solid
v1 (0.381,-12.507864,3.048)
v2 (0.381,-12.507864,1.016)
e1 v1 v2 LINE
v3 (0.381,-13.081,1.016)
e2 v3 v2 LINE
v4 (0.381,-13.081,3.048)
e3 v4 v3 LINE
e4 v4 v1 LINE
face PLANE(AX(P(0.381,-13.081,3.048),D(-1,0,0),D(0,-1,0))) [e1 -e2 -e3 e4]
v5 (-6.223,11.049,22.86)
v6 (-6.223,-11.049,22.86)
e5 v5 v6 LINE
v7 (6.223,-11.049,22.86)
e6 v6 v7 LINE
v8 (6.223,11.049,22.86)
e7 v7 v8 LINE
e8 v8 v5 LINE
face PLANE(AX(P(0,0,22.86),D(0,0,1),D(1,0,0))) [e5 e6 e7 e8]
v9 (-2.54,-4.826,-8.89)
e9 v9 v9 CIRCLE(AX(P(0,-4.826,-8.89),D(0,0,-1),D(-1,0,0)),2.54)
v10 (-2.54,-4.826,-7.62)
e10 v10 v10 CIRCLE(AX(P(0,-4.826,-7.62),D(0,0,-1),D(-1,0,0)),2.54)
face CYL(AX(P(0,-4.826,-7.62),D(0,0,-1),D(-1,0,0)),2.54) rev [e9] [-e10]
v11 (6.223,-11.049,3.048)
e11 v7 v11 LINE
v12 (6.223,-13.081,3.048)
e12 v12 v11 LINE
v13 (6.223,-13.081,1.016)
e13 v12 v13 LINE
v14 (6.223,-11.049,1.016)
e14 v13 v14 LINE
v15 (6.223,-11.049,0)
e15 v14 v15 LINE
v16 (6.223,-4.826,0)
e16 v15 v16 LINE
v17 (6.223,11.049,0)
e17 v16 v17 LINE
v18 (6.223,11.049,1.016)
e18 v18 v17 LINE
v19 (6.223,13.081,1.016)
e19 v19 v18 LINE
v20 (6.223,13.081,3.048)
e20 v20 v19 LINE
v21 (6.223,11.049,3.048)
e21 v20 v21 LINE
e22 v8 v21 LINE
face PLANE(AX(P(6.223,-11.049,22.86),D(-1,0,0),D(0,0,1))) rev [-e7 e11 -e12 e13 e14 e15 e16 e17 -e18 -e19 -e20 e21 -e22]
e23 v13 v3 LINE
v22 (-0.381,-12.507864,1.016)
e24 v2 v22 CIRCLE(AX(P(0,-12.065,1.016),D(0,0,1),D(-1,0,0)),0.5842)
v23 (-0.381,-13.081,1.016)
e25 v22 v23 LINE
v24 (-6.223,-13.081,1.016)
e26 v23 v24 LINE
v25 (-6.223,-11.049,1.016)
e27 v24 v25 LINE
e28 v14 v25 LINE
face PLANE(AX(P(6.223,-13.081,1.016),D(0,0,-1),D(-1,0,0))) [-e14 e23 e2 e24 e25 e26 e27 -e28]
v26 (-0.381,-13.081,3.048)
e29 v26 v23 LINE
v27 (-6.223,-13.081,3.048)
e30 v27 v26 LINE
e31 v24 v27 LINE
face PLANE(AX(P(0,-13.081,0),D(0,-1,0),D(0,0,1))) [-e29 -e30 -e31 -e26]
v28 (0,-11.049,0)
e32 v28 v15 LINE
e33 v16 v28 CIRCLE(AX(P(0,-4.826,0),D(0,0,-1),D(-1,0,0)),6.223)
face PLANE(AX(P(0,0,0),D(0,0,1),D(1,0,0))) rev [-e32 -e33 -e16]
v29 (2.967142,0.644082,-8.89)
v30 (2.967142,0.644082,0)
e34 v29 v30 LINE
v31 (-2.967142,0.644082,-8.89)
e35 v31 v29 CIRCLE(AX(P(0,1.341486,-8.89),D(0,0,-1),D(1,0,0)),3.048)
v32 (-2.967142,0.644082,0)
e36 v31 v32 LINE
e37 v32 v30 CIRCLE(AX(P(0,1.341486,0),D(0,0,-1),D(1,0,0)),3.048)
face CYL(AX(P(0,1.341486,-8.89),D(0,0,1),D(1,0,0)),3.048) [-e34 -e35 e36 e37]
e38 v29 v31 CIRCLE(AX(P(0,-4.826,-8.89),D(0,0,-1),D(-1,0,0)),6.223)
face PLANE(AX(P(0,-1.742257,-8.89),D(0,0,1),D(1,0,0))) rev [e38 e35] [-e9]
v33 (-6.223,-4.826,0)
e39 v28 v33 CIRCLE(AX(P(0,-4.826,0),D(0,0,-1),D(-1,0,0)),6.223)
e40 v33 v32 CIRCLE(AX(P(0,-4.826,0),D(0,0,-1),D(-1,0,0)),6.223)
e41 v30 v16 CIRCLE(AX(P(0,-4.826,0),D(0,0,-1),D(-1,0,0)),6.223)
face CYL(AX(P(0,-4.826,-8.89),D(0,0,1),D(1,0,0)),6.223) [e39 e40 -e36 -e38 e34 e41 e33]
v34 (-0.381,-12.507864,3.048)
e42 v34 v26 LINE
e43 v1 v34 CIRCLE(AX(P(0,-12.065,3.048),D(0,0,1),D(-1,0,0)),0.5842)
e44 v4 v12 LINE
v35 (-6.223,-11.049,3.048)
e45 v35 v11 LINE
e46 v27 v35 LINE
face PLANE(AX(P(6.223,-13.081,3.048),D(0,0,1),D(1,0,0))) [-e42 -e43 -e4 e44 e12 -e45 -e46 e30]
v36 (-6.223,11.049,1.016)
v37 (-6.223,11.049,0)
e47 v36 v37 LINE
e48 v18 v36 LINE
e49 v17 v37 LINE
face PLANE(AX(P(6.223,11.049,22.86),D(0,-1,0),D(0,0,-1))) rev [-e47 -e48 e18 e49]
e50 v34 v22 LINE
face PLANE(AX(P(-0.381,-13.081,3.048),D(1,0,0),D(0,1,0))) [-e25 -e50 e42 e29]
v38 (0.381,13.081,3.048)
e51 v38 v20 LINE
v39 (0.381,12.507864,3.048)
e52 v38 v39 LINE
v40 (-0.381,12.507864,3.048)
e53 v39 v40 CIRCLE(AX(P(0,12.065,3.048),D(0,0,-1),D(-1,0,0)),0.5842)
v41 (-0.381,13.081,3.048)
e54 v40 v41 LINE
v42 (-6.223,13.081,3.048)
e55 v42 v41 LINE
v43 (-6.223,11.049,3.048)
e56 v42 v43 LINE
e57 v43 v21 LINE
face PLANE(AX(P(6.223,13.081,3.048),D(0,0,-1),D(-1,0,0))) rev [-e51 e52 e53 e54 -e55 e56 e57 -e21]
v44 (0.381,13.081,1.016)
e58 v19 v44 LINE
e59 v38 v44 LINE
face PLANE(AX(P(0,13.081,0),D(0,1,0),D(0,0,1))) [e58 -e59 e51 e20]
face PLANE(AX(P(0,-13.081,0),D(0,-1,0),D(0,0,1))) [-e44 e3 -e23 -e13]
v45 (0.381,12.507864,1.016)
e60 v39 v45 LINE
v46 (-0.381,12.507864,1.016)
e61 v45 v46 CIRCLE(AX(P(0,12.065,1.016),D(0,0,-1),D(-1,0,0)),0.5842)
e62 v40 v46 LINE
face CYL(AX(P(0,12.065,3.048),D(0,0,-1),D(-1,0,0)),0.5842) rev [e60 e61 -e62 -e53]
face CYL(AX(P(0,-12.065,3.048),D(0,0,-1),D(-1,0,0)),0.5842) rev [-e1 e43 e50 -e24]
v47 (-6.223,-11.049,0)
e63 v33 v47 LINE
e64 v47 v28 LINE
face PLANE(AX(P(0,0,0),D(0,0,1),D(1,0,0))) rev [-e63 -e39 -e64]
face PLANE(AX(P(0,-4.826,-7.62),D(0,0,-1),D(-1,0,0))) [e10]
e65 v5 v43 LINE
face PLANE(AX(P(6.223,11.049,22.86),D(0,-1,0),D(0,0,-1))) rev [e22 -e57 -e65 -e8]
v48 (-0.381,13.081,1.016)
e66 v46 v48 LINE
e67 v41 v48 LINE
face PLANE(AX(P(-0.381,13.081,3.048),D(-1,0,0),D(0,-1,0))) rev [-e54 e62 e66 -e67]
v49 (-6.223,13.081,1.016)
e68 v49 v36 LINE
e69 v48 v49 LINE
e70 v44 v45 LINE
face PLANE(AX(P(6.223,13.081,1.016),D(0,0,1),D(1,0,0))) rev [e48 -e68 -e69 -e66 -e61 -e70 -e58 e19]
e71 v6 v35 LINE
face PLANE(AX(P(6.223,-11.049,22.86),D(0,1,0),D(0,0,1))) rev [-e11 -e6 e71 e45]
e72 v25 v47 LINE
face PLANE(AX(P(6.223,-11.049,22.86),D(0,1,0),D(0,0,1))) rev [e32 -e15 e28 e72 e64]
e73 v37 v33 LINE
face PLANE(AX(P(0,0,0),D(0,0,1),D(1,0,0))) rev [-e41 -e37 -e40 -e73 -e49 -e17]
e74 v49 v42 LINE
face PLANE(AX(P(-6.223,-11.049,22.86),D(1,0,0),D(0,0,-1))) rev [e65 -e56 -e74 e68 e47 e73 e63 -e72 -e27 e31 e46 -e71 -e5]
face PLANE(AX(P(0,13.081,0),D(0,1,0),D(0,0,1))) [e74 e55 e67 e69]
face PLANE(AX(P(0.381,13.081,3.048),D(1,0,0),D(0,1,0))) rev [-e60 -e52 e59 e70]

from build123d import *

# Parameters (mm, degrees)
SKETCH1_W           = 12.446
SKETCH1_H           = 22.098
BOSS_EXTRUDE1_DEPTH = 22.86
SKETCH2_W           = 12.446
SKETCH2_H           = 2.032
BOSS_EXTRUDE2_DEPTH = 2.032
CUT_EXTRUDE1_DEPTH  = 2.032
BOSS_EXTRUDE3_DEPTH = 8.89
SKETCH5_R           = 2.54
CUT_EXTRUDE2_DEPTH  = 1.27


with BuildPart() as part:
    # Sketch1 → Boss-Extrude1 (new body)
    with BuildSketch(Plane.XY):
        Rectangle(SKETCH1_W, SKETCH1_H)
    extrude(amount=BOSS_EXTRUDE1_DEPTH)

    # Sketch2 → Boss-Extrude2 (add)
    with BuildSketch(Plane(origin=(0, 11.049, 0), x_dir=(1, 0, 0), z_dir=(0, 1, 0))):
        with Locations((0, -2.032)):
            Rectangle(SKETCH2_W, SKETCH2_H)
    boss_extrude2 = extrude(amount=BOSS_EXTRUDE2_DEPTH)

    # Sketch3 → Cut-Extrude1 (cut)
    with BuildSketch(Plane(origin=(0, 0, 1.016), x_dir=(-1, 0, 0), z_dir=(0, 0, -1))):
        with BuildLine():
            Line((-0.381, 13.081), (-0.381, 12.507864133))
            ThreePointArc((-0.381, 12.507864133), (0, 11.4808), (0.381, 12.507864133))
            Line((0.381, 12.507864133), (0.381, 13.081))
            Line((0.381, 13.081), (-0.381, 13.081))
        make_face()
    cut_extrude1 = extrude(amount=-CUT_EXTRUDE1_DEPTH, mode=Mode.SUBTRACT)

    # Mirror1: Boss-Extrude2 across plane
    add(boss_extrude2.mirror(Plane.ZX))

    # Mirror2: Cut-Extrude1 across plane
    add(cut_extrude1.mirror(Plane.ZX), mode=Mode.SUBTRACT)

    # Sketch4 → Boss-Extrude3 (add)
    with BuildSketch(Plane(origin=(0, 0, 0), x_dir=(-1, 0, 0), z_dir=(0, 0, -1))):
        with BuildLine():
            ThreePointArc((-2.967141975, 0.644082038), (0, -11.049), (2.967141975, 0.644082038))
            ThreePointArc((2.967141975, 0.644082038), (0, 4.389486154), (-2.967141975, 0.644082038))
        make_face()
    extrude(amount=BOSS_EXTRUDE3_DEPTH)

    # Sketch5 → Cut-Extrude2 (cut)
    with BuildSketch(Plane(origin=(0, 0, -8.89), x_dir=(-1, 0, 0), z_dir=(0, 0, -1))):
        with Locations((0, -4.826)):
            Circle(SKETCH5_R)
    extrude(amount=-CUT_EXTRUDE2_DEPTH, mode=Mode.SUBTRACT)


solid = part.part
